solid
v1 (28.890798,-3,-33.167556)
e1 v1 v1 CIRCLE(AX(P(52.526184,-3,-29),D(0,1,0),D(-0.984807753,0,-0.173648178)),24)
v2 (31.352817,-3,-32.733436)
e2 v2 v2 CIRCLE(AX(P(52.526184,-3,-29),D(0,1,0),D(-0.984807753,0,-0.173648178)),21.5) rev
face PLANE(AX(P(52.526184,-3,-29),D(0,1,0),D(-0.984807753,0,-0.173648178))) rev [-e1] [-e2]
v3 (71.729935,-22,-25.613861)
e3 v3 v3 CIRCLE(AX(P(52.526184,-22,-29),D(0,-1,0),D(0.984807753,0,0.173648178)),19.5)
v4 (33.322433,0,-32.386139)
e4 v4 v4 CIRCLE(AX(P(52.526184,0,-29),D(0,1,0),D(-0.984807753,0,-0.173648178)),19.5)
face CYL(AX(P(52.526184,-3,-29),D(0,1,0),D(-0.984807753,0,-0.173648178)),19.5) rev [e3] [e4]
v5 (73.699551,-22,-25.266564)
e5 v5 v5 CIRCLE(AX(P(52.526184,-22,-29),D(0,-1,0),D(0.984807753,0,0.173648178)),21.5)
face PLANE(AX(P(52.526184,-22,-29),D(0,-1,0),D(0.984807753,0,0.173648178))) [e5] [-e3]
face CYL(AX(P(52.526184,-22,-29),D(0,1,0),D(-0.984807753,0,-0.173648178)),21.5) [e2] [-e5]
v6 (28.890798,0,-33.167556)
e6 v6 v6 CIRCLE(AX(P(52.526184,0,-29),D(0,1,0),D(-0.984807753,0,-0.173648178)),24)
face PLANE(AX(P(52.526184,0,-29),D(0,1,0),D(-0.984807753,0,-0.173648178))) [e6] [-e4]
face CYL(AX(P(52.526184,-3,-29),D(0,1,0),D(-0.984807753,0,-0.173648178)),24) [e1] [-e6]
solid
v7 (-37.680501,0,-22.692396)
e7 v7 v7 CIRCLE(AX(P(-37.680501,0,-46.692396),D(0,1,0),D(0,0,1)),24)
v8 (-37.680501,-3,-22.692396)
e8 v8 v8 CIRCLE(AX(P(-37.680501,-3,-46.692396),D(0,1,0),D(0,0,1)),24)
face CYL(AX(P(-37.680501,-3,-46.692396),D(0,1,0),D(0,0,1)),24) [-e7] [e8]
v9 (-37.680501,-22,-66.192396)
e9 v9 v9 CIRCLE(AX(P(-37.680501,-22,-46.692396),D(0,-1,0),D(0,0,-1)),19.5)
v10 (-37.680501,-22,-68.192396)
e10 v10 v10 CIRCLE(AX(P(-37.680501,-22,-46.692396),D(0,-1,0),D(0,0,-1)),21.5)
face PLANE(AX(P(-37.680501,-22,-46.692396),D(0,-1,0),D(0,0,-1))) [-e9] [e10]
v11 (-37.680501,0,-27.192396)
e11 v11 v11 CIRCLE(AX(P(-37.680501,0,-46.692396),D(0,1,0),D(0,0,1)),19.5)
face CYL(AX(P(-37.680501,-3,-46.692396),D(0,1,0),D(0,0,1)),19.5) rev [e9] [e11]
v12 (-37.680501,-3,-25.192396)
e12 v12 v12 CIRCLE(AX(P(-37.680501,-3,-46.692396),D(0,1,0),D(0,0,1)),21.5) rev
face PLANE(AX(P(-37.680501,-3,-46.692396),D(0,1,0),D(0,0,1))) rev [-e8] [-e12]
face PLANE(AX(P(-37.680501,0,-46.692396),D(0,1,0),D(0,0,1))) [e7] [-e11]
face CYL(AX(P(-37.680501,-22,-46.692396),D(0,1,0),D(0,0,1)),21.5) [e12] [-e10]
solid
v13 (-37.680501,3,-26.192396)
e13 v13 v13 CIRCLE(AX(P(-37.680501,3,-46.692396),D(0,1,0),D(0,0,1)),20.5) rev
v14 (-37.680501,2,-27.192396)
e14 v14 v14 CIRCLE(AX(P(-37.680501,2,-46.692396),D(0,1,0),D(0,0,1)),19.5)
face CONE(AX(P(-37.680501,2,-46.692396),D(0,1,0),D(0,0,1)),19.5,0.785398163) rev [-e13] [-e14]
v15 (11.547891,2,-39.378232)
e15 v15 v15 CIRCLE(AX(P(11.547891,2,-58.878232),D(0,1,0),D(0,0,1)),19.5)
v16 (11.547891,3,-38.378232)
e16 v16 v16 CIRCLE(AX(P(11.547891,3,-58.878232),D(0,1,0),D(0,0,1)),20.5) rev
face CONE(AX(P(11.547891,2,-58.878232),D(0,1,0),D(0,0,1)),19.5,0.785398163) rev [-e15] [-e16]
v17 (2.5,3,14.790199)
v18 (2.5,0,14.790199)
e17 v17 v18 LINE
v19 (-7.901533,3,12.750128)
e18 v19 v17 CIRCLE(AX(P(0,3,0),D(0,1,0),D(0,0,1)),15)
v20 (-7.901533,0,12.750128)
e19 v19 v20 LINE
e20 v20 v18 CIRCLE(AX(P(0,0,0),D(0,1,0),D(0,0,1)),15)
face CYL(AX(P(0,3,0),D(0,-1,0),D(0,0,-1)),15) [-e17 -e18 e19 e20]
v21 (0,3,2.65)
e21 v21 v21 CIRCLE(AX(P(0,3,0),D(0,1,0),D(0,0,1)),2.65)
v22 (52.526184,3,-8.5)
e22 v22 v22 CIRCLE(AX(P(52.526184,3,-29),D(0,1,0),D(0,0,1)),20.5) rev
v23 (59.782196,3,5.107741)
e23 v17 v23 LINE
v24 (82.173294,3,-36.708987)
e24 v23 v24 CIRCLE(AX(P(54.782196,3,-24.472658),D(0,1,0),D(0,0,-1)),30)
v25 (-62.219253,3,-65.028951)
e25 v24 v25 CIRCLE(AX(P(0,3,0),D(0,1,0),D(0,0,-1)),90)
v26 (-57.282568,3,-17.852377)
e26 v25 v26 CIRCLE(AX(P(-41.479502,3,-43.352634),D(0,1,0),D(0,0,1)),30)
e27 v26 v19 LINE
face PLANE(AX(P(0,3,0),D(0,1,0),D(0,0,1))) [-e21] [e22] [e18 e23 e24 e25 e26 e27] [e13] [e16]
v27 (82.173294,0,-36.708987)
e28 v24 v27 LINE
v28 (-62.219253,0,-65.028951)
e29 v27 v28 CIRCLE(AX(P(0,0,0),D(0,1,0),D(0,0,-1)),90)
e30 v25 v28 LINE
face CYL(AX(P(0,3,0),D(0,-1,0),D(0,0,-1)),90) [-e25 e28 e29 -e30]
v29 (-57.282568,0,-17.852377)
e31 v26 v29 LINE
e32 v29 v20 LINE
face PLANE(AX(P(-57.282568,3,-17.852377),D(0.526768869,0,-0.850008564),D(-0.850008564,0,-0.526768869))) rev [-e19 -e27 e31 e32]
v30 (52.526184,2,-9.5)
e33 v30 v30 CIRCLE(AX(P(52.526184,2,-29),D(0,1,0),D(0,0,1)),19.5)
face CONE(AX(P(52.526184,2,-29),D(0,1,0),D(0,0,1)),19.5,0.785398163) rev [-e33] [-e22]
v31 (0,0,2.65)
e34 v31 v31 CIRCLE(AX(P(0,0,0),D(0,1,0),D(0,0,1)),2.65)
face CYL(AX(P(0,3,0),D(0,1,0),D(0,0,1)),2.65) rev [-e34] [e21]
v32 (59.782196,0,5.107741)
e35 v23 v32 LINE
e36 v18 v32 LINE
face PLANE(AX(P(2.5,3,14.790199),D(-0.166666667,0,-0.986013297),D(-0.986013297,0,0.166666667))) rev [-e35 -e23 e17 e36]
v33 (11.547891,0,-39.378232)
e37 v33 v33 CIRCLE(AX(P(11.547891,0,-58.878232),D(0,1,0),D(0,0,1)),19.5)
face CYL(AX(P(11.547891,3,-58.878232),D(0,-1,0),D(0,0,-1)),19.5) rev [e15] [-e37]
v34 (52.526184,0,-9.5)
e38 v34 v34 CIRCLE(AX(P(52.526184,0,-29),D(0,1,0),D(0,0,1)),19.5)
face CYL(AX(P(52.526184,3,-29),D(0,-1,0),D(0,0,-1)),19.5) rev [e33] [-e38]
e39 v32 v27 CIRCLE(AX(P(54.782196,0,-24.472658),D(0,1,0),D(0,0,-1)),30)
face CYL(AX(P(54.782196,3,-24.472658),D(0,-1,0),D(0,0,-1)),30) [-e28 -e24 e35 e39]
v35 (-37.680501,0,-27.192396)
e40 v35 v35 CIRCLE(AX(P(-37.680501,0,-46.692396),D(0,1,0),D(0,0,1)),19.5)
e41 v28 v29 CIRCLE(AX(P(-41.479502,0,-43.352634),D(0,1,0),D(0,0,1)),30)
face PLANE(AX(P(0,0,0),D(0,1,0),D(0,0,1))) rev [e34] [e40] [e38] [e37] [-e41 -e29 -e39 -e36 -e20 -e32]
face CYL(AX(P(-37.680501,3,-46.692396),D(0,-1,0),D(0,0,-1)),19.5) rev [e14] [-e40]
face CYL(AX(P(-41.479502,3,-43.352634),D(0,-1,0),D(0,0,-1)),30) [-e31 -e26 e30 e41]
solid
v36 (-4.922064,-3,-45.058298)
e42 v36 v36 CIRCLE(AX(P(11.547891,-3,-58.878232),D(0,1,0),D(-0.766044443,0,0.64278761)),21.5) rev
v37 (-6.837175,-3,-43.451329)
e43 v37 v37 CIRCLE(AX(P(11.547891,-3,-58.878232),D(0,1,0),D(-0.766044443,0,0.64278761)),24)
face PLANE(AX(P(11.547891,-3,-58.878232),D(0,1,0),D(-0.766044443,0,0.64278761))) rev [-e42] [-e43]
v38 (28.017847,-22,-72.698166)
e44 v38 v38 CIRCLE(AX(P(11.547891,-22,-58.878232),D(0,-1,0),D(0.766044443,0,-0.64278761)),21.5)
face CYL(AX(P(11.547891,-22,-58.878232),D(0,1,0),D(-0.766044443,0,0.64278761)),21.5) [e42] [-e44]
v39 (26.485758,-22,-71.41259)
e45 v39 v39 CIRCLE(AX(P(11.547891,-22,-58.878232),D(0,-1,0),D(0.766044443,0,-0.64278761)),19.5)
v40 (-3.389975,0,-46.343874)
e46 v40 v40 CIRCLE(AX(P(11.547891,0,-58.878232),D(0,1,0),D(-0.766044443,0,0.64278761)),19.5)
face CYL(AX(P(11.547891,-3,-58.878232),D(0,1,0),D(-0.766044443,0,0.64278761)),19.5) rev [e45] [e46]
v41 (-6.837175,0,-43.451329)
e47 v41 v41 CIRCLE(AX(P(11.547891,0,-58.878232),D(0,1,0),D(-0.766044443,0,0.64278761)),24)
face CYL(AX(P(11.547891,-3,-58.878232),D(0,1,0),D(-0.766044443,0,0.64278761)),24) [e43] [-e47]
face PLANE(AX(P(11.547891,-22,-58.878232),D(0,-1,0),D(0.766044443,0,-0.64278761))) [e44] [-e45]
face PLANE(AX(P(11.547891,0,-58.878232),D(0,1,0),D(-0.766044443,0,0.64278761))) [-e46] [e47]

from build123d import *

# Parameters (mm, degrees)
SKETCH1_R           = 19.5
SKETCH1_R_2         = 1
BOSS_EXTRUDE1_DEPTH = 3
SKETCH2_R           = 24
SKETCH2_R_2         = 19.5
BOSS_EXTRUDE2_DEPTH = 3
SKETCH3_R           = 21.5
SKETCH3_R_2         = 19.5
BOSS_EXTRUDE3_DEPTH = 22
CIRPATTERN1_COUNT   = 3
CIRPATTERN1_ANGLE   = 100
CHAMFER1_SIZE       = 1
SKETCH5_W           = 2.65
SKETCH5_H           = 25


with BuildPart() as part:
    # Sketch1 → Boss-Extrude1 (new body)
    with BuildSketch(Plane(origin=(0, 0, 0), x_dir=(1, 0, 0), z_dir=(0, 1, 0))):
        with BuildLine():
            Line((-57.282568216, 17.852377392), (-7.901533034, -12.750128459))
            ThreePointArc((-7.901533034, -12.750128459), (-2.886972844, -14.719558003), (2.5, -14.790199458))
            Line((2.5, -14.790199458), (59.782196187, -5.107741092))
            ThreePointArc((59.782196187, -5.107741092), (81.229417033, 10.311283966), (82.17329428, 36.708986735))
            ThreePointArc((82.17329428, 36.708986735), (17.321837062, 88.317348017), (-62.219253222, 65.028951464))
            ThreePointArc((-62.219253222, 65.028951464), (-71.316587402, 40.230400567), (-57.282568216, 17.852377392))
        make_face()
        with Locations(Location((-37.680500959, 46.692396034, 0), (0, 0, 270))):
            Circle(SKETCH1_R, mode=Mode.SUBTRACT)
        with Locations(Location((11.547891375, 58.878232012, 0), (0, 0, 270))):
            Circle(SKETCH1_R, mode=Mode.SUBTRACT)
        with Locations(Location((52.526183947, 29, 0), (0, 0, 270))):
            Circle(SKETCH1_R, mode=Mode.SUBTRACT)
        with Locations(Location((0, 0, 0), (0, 0, 270))):
            Circle(SKETCH1_R_2, mode=Mode.SUBTRACT)
    extrude(amount=BOSS_EXTRUDE1_DEPTH)

    # Chamfer1
    chamfer1_edges = [part.edges().sort_by_distance(p)[0] for p in [
        (-37.680500959, 3, -66.192396034),
        (11.547891375, 3, -78.378232012),
        (52.526183947, 3, -48.5),
    ]]
    chamfer(chamfer1_edges, length=CHAMFER1_SIZE)

    # Sketch5 → M5 Clearance Hole1 (revolve, cut)
    with BuildSketch(Plane(origin=(0, 3, 0), x_dir=(0, 0, 1), z_dir=(1, 0, 0))):
        with Locations((1.325, 12.5)):
            Rectangle(SKETCH5_W, SKETCH5_H)
    revolve(axis=Axis((0, 9.35, 0), (0, -1, 0)), mode=Mode.SUBTRACT)


with BuildPart() as body_2:
    # Sketch2 → Boss-Extrude2 (new body)
    with BuildSketch(Plane(origin=(0, 0, 0), x_dir=(1, 0, 0), z_dir=(0, 1, 0))):
        with Locations(Location((-37.680500959, 46.692396034, 0), (0, 0, 270))):
            Circle(SKETCH2_R)
        with Locations(Location((-37.680500959, 46.692396034, 0), (0, 0, 270))):
            Circle(SKETCH2_R_2, mode=Mode.SUBTRACT)
    extrude(amount=-BOSS_EXTRUDE2_DEPTH)

    # Sketch3 → Boss-Extrude3 (add)
    with BuildSketch(Plane(origin=(0, 0, 0), x_dir=(-1, 0, 0), z_dir=(0, -1, 0))):
        with Locations(Location((37.680500959, 46.692396034, 0), (0, 0, 270))):
            Circle(SKETCH3_R)
        with Locations(Location((37.680500959, 46.692396034, 0), (0, 0, 270))):
            Circle(SKETCH3_R_2, mode=Mode.SUBTRACT)
    extrude(amount=BOSS_EXTRUDE3_DEPTH)


with BuildPart() as cirpattern1_1:
    # CirPattern1: pattern copy
    add(body_2.part.rotate(Axis((0, 0, 0), (0, -1, 0)), 1 * CIRPATTERN1_ANGLE / (CIRPATTERN1_COUNT - 1)))


with BuildPart() as cirpattern1_2:
    # CirPattern1: pattern copy
    add(body_2.part.rotate(Axis((0, 0, 0), (0, -1, 0)), 2 * CIRPATTERN1_ANGLE / (CIRPATTERN1_COUNT - 1)))


solid = Compound([part.part, body_2.part, cirpattern1_1.part, cirpattern1_2.part])
